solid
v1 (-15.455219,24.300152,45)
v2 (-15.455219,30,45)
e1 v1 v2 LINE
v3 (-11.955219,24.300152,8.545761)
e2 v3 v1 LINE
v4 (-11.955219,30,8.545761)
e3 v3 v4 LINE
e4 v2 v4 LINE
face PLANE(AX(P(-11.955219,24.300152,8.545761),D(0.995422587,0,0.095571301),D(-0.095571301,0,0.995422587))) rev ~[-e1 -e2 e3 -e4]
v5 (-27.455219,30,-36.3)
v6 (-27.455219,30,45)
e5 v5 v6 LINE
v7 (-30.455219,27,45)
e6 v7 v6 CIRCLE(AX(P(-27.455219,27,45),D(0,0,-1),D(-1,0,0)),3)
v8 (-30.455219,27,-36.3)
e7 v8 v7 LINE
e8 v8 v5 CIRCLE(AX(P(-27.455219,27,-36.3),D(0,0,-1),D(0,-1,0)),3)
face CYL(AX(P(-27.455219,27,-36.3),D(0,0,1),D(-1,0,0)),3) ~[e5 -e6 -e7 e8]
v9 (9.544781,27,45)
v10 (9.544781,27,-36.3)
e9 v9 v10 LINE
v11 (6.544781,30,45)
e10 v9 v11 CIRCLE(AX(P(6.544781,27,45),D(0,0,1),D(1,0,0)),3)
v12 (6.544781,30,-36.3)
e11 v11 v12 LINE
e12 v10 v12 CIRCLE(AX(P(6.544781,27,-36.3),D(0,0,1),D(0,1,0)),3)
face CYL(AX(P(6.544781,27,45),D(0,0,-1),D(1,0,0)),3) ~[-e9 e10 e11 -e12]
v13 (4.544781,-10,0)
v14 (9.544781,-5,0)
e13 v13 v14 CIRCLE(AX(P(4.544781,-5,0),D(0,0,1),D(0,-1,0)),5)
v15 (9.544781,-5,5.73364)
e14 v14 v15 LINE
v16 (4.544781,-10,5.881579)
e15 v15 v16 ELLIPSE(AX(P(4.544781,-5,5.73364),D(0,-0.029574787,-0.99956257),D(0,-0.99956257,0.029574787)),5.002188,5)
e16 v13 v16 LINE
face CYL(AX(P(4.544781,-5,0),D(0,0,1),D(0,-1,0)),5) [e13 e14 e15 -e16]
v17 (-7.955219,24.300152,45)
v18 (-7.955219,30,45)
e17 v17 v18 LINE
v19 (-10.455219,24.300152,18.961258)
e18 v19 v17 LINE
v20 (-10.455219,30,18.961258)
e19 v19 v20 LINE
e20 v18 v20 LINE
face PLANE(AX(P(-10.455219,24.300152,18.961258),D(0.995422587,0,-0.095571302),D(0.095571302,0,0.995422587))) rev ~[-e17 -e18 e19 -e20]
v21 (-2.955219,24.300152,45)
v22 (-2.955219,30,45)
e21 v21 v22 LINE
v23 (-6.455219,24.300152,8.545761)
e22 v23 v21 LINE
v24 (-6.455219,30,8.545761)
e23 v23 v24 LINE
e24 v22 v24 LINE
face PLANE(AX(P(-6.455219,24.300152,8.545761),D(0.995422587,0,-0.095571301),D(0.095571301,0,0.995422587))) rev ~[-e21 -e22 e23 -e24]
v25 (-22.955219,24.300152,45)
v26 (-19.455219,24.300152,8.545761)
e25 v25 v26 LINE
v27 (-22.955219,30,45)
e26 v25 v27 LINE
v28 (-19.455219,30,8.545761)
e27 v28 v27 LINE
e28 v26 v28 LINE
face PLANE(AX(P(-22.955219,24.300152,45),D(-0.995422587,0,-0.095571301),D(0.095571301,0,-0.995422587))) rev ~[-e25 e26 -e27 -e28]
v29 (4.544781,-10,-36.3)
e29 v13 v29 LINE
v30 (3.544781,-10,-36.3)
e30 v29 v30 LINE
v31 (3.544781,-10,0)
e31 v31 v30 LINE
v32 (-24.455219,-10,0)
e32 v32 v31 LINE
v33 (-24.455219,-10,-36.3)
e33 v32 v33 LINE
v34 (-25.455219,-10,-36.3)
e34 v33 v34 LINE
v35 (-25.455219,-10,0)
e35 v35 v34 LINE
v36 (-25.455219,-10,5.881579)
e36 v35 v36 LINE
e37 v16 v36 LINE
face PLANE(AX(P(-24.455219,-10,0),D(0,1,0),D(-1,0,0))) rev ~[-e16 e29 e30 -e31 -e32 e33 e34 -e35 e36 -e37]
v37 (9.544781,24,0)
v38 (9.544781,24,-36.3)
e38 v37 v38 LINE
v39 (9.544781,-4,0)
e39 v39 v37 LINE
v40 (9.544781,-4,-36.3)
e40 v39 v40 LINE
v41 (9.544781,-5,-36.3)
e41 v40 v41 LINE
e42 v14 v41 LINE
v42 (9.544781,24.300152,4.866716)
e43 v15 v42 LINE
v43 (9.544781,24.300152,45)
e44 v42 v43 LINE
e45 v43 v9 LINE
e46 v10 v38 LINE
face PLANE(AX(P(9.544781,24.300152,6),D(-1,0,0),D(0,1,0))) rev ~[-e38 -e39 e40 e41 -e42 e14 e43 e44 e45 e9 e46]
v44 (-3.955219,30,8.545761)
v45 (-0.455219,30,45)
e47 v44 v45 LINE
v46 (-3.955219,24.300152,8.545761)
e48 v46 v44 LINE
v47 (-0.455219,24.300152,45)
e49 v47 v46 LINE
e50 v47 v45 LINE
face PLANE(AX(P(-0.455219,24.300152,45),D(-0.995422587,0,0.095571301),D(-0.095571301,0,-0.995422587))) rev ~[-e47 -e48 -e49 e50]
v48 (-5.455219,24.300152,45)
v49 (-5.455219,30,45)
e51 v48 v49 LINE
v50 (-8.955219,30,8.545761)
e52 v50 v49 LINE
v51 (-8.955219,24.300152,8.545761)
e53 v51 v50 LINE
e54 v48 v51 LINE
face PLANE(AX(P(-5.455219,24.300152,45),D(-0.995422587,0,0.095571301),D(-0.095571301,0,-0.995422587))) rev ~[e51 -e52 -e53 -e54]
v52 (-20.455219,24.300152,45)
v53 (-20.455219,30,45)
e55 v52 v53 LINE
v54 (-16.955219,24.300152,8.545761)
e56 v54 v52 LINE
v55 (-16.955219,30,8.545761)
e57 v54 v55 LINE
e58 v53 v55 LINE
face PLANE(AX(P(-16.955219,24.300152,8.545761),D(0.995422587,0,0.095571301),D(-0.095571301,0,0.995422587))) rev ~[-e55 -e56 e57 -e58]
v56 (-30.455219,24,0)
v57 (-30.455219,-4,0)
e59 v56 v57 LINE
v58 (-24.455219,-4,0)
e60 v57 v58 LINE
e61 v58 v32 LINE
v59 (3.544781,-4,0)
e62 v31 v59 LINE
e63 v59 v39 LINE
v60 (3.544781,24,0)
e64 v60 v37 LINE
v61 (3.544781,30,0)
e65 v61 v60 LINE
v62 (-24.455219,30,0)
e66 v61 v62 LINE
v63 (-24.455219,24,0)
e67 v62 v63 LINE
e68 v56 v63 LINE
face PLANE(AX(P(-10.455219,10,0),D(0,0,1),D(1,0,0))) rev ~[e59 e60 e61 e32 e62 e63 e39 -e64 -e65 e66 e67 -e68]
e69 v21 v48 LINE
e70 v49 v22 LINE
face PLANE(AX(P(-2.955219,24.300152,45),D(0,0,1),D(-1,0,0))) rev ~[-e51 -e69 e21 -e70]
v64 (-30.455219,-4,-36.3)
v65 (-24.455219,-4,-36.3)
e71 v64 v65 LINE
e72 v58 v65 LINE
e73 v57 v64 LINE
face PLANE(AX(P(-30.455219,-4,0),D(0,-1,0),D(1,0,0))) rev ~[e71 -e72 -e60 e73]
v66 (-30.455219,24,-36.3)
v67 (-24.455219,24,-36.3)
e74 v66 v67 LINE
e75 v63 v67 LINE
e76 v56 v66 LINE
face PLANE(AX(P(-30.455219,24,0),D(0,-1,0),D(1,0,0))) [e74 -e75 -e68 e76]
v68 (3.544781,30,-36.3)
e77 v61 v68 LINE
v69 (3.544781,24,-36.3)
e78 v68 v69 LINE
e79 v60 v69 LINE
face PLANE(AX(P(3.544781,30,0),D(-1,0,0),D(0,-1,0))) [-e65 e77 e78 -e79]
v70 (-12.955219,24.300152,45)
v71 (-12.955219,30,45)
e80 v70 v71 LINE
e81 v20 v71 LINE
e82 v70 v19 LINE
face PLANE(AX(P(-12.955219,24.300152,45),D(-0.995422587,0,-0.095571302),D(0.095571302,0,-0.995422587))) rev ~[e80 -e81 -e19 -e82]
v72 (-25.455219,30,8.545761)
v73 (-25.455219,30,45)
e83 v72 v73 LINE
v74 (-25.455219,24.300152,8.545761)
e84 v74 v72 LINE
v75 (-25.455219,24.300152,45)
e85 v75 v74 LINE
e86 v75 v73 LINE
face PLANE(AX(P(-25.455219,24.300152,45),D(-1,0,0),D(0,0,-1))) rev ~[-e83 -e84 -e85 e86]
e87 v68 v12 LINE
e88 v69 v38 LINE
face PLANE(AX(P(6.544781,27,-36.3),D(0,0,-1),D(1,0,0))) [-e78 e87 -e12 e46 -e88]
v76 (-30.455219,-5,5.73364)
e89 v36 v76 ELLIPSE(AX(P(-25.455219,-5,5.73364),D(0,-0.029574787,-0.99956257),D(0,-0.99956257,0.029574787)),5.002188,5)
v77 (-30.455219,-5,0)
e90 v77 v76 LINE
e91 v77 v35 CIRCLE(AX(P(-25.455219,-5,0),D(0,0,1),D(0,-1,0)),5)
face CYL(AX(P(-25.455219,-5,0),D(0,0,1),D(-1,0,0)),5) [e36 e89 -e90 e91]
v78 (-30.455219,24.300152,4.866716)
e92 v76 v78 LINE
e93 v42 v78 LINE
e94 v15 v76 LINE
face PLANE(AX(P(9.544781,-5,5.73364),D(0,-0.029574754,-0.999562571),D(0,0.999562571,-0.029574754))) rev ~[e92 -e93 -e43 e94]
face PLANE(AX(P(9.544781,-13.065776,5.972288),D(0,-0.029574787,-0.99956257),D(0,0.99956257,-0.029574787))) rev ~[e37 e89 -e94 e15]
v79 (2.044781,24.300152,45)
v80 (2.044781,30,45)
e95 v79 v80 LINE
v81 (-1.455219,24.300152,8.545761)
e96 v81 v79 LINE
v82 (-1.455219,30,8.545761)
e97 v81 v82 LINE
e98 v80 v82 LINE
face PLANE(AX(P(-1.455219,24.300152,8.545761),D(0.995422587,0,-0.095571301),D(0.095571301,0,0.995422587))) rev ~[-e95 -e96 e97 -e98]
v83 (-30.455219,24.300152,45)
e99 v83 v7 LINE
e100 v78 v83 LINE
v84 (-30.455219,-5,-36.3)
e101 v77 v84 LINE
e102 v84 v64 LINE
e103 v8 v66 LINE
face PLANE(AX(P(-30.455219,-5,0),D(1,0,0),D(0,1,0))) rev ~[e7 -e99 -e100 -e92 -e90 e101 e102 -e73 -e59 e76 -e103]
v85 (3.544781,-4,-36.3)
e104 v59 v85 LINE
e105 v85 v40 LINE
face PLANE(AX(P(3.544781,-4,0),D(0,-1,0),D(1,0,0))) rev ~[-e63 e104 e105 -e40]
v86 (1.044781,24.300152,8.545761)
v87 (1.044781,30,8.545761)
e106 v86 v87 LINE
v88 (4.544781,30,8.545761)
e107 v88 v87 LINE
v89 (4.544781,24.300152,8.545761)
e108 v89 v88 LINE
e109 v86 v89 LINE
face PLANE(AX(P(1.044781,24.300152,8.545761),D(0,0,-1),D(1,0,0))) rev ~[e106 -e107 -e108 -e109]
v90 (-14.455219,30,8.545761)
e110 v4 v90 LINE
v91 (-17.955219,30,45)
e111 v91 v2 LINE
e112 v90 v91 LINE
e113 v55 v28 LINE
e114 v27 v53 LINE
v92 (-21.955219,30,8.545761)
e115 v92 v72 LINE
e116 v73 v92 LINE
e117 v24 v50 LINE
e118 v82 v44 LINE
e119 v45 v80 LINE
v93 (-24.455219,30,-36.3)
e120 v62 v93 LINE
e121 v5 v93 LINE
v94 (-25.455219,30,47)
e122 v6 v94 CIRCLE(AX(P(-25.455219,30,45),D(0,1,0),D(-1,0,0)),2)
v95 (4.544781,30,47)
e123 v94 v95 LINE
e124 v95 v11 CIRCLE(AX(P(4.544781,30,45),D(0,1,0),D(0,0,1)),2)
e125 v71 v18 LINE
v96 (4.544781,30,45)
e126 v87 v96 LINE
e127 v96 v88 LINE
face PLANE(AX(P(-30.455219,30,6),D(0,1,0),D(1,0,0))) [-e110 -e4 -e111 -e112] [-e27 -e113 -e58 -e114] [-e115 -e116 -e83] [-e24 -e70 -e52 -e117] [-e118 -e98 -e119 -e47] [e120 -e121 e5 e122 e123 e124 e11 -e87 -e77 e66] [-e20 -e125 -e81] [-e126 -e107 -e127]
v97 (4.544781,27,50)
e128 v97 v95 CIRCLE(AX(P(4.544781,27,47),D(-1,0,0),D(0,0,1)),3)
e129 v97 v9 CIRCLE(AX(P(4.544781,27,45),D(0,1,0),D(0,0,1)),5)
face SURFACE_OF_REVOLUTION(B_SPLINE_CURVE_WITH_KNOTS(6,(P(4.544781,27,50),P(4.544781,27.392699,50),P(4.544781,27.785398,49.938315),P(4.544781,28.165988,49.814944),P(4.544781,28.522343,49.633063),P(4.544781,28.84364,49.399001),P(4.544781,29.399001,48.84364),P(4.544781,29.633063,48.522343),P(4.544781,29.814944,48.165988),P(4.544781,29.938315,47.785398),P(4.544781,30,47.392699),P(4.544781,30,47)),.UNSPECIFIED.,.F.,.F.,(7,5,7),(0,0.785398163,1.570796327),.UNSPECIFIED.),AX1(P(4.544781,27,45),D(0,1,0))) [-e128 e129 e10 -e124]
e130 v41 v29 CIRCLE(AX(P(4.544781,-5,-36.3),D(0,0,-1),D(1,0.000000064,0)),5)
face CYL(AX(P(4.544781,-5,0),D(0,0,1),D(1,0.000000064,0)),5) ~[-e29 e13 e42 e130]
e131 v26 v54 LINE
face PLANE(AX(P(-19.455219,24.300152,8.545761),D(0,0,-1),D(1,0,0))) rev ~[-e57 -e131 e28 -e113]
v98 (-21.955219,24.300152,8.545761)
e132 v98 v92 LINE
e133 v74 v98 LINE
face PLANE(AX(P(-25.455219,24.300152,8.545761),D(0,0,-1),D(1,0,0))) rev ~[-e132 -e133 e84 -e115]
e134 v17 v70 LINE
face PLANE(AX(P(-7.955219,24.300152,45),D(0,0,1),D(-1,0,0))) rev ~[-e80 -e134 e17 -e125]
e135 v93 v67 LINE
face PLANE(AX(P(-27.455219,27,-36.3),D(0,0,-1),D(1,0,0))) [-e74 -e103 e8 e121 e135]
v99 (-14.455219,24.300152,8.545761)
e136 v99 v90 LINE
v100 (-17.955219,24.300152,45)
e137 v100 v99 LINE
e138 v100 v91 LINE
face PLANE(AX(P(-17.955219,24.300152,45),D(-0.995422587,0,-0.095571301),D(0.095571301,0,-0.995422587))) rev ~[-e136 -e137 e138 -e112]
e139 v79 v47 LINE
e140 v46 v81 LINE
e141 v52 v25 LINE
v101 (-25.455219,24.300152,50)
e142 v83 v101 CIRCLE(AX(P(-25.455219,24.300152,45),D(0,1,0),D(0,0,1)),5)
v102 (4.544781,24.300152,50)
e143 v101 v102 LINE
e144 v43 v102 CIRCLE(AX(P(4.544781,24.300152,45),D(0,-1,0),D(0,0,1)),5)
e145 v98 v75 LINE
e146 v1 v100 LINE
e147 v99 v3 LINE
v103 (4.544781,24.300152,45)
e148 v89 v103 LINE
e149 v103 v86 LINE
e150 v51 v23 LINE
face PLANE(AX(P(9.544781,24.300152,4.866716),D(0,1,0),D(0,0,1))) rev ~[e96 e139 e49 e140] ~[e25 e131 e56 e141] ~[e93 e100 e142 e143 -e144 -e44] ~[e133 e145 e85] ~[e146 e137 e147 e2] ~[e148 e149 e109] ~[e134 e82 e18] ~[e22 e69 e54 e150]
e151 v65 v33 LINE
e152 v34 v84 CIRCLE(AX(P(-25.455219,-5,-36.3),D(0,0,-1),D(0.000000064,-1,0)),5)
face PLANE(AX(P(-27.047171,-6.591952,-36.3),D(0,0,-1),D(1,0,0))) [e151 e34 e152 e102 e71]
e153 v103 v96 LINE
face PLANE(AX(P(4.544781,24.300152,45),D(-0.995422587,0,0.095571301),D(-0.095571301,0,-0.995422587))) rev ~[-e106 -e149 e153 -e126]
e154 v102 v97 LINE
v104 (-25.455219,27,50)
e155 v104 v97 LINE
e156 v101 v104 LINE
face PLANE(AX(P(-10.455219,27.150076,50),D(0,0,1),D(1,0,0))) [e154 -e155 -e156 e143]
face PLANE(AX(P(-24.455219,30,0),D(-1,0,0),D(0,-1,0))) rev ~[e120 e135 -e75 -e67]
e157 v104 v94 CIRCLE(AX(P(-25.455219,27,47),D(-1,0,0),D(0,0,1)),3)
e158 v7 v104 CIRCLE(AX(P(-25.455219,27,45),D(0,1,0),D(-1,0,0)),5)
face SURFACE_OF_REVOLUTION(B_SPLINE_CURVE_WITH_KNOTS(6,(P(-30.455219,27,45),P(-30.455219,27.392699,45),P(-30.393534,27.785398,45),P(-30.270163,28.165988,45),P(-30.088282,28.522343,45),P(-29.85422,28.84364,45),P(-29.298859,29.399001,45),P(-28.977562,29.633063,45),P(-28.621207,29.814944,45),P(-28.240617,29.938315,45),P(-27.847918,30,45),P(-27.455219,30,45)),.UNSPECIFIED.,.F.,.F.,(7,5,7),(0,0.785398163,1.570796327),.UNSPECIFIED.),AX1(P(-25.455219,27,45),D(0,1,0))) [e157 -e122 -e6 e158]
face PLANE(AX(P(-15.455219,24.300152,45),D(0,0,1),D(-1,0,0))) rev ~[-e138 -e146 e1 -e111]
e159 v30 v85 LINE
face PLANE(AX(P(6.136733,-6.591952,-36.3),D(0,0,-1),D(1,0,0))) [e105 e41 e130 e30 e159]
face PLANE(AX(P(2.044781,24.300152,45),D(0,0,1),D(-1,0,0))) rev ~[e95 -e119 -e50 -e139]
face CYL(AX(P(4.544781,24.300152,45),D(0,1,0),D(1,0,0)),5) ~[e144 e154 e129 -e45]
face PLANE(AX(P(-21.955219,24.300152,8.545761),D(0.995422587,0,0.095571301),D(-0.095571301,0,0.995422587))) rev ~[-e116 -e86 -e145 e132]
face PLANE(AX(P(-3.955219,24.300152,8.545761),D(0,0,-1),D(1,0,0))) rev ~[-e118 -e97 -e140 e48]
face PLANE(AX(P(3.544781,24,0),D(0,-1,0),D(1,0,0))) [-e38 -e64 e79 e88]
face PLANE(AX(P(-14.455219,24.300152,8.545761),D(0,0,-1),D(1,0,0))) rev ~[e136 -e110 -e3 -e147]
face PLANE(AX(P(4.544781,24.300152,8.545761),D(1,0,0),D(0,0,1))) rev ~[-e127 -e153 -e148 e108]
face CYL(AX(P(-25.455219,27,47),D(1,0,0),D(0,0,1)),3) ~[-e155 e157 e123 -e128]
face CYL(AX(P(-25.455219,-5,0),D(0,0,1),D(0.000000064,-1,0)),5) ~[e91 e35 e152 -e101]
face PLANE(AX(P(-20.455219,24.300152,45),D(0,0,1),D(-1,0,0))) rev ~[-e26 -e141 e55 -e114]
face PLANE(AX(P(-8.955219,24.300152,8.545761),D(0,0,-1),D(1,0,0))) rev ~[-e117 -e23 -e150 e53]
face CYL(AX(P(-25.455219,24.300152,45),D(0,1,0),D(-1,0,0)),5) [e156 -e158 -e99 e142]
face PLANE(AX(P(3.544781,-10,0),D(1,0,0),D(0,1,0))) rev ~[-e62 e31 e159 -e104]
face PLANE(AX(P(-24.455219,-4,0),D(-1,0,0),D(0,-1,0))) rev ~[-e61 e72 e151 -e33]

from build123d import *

# Parameters (mm, degrees)
F1_DEPTH  = 6
F2_R      = 5
F3_W      = 40
F3_H      = 5.699848
F4_DEPTH  = 44
F5_R      = 5
F7_DEPTH  = 25
F8_W      = 6
F8_H      = 6
F9_DEPTH  = 36.3
F10_R     = 3
F11_DEPTH = 25
F13_DEPTH = 49.1


with BuildPart() as f1:
    # F0 (on Top) → F1 (new body)
    with BuildSketch(Plane.XY):
        Polygon((-30.455219, 30), (-30.455219, 0), (-30.455219, -10), (9.544781, -10), (9.544781, 30), align=None)
    extrude(amount=F1_DEPTH)

    # F2
    f2_edges = [f1.edges().sort_by_distance(p)[0] for p in [
        (-30.455219, -10, 3),
        (9.544781, -10, 3),
    ]]
    fillet(f2_edges, radius=F2_R)

    # F3 (on face) → F4 (join)
    with BuildSketch(Plane.XY.offset(6)):
        with Locations((-10.455219, 27.150076)):
            Rectangle(F3_W, F3_H)
    extrude(amount=F4_DEPTH)

    # F5
    f5_edges = [f1.edges().sort_by_distance(p)[0] for p in [
        (-30.455219, 27.150076, 50),
        (9.544781, 27.150076, 50),
    ]]
    fillet(f5_edges, radius=F5_R)

    # F6 (on face) → F7 (cut)
    with BuildSketch(Plane.XZ.offset(-24.300152)):
        Polygon((-21.955219, 8.545761), (-25.455219, 45), (-25.455219, 8.545761), align=None)
        Polygon((-20.455219, 45), (-22.955219, 45), (-19.455219, 8.545761), (-16.955219, 8.545761), align=None)
        Polygon((-15.455219, 45), (-17.955219, 45), (-14.455219, 8.545761), (-11.955219, 8.545761), align=None)
        Polygon((-5.455219, 45), (-8.955219, 8.545761), (-6.455219, 8.545761), (-2.955219, 45), align=None)
        Polygon((-0.455219, 45), (-3.955219, 8.545761), (-1.455219, 8.545761), (2.044781, 45), align=None)
        Polygon((4.544781, 45), (1.044781, 8.545761), (4.544781, 8.545761), align=None)
    extrude(amount=-F7_DEPTH, mode=Mode.SUBTRACT)

    # F8 (on face) → F9 (join)
    with BuildSketch(Plane(origin=(0, 0, 0), x_dir=(1, 0, 0), z_dir=(0, 0, -1))):
        with BuildLine():
            Line((-30.455219, 5), (-30.455219, 4))
            Line((-30.455219, 4), (-24.455219, 4))
            Line((-24.455219, 4), (-24.455219, 10))
            Line((-24.455219, 10), (-25.455219, 10))
            ThreePointArc((-25.455219, 10), (-28.990753, 8.535534), (-30.455219, 5))
        make_face()
        with BuildLine():
            Line((4.544781, 10), (3.544781, 10))
            Line((3.544781, 10), (3.544781, 4))
            Line((3.544781, 4), (9.544781, 4))
            Line((9.544781, 4), (9.544781, 5))
            ThreePointArc((9.544781, 5), (8.080315, 8.535534), (4.544781, 10))
        make_face()
        with Locations((-27.455219, -27)):
            Rectangle(F8_W, F8_H)
        with Locations((6.544781, -27)):
            Rectangle(F8_W, F8_H)
    extrude(amount=F9_DEPTH)

    # F10
    f10_edges = [f1.edges().sort_by_distance(p)[0] for p in [
        (9.544781, 30, 4.35),
    ]]
    fillet(f10_edges, radius=F10_R)

    # F6 (on face) → F11 (cut)
    with BuildSketch(Plane.XZ.offset(-24.300152)):
        Polygon((-7.955219, 45), (-12.955219, 45), (-10.455219, 18.961258), align=None)
    extrude(amount=-F11_DEPTH, mode=Mode.SUBTRACT)

    # F12 (on face) → F13 (cut)
    with BuildSketch(Plane.YZ.offset(9.544781)):
        Polygon((-5, 6), (-5, 5.73364), (24.300152, 4.866716), (24.300152, 6), align=None)
        Polygon((24.300152, 7.596356), (-13.065776, 5.972288), (-5, 5.73364), (-5, 6), (24.300152, 6), align=None)
    extrude(amount=-F13_DEPTH, mode=Mode.SUBTRACT)


solid = f1.part
